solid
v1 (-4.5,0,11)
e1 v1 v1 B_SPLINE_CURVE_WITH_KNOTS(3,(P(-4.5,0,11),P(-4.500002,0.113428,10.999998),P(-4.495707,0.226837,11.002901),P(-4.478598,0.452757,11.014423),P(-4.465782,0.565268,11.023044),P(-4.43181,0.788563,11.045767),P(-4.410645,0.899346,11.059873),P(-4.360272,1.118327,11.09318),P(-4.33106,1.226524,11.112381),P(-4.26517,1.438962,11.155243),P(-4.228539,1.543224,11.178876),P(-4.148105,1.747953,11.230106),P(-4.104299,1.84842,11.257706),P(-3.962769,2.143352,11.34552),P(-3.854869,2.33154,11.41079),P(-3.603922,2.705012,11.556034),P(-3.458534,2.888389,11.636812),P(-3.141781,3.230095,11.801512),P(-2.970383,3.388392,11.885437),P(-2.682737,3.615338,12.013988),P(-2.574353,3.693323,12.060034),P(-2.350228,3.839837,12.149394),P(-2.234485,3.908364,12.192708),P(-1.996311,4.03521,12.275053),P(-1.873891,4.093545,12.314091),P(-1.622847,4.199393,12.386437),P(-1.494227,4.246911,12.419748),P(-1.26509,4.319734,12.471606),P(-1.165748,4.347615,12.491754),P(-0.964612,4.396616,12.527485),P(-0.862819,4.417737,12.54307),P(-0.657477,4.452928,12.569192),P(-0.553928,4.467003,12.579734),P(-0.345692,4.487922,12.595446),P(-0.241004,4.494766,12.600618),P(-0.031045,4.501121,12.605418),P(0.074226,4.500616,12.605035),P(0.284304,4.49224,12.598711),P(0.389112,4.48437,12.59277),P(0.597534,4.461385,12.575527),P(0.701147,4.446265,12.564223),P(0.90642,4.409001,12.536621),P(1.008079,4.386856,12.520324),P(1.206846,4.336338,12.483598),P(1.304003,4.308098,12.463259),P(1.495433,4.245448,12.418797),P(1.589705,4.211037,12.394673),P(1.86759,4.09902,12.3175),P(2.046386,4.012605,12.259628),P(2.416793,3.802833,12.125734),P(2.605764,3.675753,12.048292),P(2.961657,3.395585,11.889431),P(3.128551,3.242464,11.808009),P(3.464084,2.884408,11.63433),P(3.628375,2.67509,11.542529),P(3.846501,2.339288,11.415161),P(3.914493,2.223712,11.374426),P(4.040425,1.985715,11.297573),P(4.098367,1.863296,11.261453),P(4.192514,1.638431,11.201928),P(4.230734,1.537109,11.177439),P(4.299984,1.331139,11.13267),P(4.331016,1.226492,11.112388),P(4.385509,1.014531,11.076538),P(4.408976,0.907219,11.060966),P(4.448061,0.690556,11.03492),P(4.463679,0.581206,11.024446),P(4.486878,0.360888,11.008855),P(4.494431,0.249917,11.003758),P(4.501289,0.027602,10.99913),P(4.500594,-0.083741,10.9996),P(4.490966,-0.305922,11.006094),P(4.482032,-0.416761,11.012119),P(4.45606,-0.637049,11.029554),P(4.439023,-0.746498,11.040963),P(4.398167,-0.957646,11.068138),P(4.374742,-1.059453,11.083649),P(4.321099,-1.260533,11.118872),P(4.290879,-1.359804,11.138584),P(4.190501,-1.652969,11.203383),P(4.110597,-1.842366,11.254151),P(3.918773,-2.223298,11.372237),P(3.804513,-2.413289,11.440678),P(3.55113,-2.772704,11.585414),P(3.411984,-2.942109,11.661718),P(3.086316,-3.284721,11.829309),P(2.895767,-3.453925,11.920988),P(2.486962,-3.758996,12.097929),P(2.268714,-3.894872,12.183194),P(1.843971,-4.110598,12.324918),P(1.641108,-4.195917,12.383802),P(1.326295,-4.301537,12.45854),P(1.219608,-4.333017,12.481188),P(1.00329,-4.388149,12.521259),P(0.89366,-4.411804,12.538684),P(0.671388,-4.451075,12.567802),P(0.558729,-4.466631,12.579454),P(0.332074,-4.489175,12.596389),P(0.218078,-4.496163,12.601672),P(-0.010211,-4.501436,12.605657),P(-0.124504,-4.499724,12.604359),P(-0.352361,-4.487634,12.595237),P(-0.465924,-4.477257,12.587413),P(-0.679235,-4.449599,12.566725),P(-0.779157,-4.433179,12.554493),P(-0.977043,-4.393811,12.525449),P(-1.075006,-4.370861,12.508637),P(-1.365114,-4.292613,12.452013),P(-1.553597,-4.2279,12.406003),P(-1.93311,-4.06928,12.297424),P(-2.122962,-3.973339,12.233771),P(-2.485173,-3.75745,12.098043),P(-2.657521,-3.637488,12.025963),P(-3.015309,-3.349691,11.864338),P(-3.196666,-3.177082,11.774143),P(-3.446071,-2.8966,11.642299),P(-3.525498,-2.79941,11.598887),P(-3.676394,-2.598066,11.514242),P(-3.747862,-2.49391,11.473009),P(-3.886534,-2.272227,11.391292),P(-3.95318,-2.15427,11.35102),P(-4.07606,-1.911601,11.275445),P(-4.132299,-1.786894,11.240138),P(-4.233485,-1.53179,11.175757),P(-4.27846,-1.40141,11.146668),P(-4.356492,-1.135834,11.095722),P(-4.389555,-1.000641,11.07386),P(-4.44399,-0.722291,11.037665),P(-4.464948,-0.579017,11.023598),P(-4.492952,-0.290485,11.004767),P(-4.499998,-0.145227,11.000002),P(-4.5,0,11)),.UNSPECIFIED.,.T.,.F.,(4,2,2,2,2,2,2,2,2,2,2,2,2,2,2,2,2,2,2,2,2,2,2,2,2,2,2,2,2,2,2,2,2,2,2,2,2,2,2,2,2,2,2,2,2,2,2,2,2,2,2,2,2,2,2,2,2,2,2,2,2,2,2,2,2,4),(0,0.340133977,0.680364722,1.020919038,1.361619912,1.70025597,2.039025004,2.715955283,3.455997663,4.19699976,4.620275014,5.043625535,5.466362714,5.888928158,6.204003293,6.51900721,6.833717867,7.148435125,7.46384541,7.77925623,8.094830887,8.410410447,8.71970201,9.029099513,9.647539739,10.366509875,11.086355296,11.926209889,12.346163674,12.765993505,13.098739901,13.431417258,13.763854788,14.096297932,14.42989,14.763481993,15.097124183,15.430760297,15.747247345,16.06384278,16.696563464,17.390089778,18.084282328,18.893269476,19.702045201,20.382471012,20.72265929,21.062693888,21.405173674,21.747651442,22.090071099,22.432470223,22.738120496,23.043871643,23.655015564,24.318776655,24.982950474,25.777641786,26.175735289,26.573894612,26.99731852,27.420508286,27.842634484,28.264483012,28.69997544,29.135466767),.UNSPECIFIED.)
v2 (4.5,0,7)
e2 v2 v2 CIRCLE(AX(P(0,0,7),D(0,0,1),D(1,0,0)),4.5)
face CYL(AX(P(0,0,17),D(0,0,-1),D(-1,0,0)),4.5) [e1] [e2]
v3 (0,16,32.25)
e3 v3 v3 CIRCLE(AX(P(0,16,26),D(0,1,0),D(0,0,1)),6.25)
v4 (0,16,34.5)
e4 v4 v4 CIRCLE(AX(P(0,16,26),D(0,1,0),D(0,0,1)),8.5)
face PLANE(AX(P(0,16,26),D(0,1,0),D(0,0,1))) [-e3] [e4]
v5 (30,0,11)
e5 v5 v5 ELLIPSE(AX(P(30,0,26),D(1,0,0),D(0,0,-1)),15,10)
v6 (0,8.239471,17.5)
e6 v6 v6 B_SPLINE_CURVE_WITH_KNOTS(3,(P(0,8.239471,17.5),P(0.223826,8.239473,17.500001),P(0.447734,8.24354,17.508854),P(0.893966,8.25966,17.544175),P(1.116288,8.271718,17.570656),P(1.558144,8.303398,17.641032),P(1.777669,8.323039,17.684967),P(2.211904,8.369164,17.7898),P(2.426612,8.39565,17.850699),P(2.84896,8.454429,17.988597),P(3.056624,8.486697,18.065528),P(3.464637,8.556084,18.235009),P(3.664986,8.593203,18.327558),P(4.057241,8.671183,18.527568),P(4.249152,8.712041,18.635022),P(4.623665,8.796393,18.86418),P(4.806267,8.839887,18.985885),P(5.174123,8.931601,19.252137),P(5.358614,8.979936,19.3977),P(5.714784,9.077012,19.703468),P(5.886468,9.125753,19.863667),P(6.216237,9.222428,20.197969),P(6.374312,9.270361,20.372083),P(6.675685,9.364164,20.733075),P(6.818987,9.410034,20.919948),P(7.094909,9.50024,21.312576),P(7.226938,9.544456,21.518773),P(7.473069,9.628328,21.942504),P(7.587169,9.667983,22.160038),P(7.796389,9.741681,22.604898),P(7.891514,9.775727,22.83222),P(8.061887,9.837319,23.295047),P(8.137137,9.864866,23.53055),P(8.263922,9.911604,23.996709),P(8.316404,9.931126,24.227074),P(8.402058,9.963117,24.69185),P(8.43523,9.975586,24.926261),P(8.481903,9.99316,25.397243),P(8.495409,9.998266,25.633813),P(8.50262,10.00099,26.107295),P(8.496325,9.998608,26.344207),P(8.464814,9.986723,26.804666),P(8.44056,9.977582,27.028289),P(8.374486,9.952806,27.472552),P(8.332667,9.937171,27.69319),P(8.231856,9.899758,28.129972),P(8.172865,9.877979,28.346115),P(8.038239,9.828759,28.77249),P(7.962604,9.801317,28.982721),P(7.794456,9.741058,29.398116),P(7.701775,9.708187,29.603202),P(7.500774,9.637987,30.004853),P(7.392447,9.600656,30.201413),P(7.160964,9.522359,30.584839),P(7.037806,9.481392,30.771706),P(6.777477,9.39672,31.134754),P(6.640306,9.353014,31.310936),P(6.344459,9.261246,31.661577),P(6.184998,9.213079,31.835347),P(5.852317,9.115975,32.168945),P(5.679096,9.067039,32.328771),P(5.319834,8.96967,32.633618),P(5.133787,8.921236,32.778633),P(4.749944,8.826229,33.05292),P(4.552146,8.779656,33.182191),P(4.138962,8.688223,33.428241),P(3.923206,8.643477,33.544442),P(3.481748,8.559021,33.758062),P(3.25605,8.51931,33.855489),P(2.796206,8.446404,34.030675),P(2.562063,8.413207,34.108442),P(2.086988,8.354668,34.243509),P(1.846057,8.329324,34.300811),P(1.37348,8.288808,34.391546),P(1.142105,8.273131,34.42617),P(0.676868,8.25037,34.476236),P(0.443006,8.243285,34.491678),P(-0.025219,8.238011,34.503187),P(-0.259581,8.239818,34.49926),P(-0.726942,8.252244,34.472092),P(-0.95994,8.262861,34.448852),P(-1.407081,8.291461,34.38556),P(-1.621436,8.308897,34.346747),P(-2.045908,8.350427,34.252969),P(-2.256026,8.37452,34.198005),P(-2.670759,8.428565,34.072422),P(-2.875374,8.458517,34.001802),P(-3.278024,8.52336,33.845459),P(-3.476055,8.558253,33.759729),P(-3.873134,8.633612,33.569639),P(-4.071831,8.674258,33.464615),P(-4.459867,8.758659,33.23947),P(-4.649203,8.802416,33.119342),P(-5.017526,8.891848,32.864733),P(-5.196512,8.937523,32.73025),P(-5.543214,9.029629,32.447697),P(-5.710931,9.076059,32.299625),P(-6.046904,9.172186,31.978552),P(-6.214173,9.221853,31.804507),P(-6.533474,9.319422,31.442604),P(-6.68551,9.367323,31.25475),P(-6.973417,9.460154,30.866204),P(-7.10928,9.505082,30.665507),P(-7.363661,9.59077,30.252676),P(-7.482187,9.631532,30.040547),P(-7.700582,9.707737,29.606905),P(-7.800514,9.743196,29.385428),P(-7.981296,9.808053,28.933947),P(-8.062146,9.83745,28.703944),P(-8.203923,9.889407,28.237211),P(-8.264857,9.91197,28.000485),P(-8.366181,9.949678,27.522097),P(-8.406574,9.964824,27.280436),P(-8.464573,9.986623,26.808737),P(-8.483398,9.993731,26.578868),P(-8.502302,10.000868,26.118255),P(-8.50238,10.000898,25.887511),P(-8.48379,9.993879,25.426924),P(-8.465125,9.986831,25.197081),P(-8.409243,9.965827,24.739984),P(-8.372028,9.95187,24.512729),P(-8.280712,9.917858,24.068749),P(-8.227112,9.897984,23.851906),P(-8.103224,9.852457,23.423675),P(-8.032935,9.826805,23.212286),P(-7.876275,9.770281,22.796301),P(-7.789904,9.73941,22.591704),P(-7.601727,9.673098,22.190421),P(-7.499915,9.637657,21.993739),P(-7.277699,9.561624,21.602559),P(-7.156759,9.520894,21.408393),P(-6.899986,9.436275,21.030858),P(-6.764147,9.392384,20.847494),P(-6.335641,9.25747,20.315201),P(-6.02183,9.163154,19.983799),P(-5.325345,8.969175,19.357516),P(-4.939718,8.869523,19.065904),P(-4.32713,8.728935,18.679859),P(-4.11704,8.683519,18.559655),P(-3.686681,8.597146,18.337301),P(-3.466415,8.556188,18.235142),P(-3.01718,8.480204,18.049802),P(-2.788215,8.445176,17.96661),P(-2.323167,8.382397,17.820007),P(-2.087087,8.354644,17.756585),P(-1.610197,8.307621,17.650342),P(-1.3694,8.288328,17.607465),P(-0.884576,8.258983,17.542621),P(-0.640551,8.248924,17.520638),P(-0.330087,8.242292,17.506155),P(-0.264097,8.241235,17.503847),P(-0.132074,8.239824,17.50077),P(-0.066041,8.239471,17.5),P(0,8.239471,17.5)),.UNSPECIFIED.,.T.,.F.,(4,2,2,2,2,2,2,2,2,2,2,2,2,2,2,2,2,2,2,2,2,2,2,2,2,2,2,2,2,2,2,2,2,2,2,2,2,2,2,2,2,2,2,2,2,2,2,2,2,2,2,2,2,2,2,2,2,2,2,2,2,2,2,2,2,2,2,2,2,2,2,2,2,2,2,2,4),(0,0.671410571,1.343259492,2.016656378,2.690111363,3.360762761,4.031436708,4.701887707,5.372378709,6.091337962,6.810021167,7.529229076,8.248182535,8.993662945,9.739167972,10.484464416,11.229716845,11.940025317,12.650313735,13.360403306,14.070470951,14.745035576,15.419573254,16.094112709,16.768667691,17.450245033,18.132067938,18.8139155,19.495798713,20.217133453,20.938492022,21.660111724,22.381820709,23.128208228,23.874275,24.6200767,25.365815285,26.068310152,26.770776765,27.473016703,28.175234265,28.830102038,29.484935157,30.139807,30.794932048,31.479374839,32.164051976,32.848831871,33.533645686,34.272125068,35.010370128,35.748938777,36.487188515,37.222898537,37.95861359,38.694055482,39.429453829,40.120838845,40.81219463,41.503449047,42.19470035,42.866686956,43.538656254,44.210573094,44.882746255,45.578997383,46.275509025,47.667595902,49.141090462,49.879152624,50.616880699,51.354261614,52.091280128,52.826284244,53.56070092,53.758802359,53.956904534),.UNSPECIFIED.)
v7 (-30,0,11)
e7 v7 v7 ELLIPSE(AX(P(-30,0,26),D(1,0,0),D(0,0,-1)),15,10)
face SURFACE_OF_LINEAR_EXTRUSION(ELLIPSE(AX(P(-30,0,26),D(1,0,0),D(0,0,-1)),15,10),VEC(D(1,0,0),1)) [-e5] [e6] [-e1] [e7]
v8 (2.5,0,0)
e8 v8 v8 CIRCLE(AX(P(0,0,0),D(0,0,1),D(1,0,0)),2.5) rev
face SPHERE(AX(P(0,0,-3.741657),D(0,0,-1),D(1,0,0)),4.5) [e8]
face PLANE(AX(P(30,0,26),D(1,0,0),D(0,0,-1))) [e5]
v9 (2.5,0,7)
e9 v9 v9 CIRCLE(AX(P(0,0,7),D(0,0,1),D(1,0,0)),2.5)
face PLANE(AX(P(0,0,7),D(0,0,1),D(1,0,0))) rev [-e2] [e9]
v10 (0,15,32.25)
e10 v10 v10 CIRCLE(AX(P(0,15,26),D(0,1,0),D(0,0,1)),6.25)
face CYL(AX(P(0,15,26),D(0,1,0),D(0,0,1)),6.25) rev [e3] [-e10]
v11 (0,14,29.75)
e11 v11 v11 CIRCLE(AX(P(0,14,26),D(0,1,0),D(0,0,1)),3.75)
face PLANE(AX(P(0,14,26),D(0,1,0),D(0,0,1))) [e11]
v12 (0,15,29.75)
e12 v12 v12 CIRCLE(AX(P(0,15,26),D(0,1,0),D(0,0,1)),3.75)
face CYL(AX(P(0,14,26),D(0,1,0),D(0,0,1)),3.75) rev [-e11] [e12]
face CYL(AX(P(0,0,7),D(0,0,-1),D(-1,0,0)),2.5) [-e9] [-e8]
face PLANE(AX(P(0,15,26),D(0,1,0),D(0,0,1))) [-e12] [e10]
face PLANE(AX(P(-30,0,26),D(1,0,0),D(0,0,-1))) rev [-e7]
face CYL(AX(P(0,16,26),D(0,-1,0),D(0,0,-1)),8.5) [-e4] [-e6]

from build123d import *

# Parameters (mm, degrees)
SKETCH_1_R           = 2.5
EXTRUDE_1_DEPTH      = 7
SKETCH_2_R           = 4.5
EXTRUDE_2_DEPTH      = 10
SKETCH_3_RX          = 15
SKETCH_3_RY          = 10
EXTRUDE_3_DEPTH      = 30
EXTRUDE_3_DEPTH_BACK = 30
SKETCH_4_R           = 8.5
EXTRUDE_4_DEPTH      = 16
SKETCH_5_R           = 6.25
CUT_EXTRUDE_1_DEPTH  = 1
SKETCH_6_R           = 3.75
CUT_EXTRUDE_2_DEPTH  = 1


with BuildPart() as part:
    # Sketch 1 → Extrude 1 (new body)
    with BuildSketch(Plane.XY):
        Circle(SKETCH_1_R)
    extrude(amount=EXTRUDE_1_DEPTH)

    # Sketch 2 → Extrude 2 (add)
    with BuildSketch(Plane.XY.offset(7)):
        Circle(SKETCH_2_R)
    extrude(amount=EXTRUDE_2_DEPTH)

    # Sketch 3 → Extrude 3 (add, two sides)
    with BuildSketch(Plane(origin=(0, 0, 0), x_dir=(0, 0, -1), z_dir=(1, 0, 0))) as extrude_3_sk:
        with Locations((-26, 0)):
            Ellipse(SKETCH_3_RX, SKETCH_3_RY)
    extrude(amount=EXTRUDE_3_DEPTH)
    extrude(extrude_3_sk.sketch, amount=-EXTRUDE_3_DEPTH_BACK)

    # Sketch 4 → Extrude 4 (add)
    with BuildSketch(Plane(origin=(0, 0, 0), x_dir=(1, 0, 0), z_dir=(0, 1, 0))):
        with Locations((0, -26)):
            Circle(SKETCH_4_R)
    extrude(amount=EXTRUDE_4_DEPTH)

    # Sketch 5 → Cut-Extrude 1 (cut)
    with BuildSketch(Plane(origin=(0, 16, 0), x_dir=(1, 0, 0), z_dir=(0, 1, 0))):
        with Locations((0, -26)):
            Circle(SKETCH_5_R)
    extrude(amount=-CUT_EXTRUDE_1_DEPTH, mode=Mode.SUBTRACT)

    # Sketch 6 → Cut-Extrude 2 (cut)
    with BuildSketch(Plane(origin=(0, 15, 0), x_dir=(1, 0, 0), z_dir=(0, 1, 0))):
        with Locations((0, -26)):
            Circle(SKETCH_6_R)
    extrude(amount=-CUT_EXTRUDE_2_DEPTH, mode=Mode.SUBTRACT)

    # Sketch 7 → Revolve 3 (revolve)
    with BuildSketch(Plane(origin=(0, 0, 0), x_dir=(1, 0, 0), z_dir=(0, 1, 0))):
        with BuildLine():
            Line((0, -0.758342613), (0, 8.241657387))
            ThreePointArc((0, 8.241657387), (4.5, 3.741657387), (0, -0.758342613))
        make_face()
    revolve(axis=Axis((0, 0, -10.703740256), (0, 0, 1)))


solid = part.part
